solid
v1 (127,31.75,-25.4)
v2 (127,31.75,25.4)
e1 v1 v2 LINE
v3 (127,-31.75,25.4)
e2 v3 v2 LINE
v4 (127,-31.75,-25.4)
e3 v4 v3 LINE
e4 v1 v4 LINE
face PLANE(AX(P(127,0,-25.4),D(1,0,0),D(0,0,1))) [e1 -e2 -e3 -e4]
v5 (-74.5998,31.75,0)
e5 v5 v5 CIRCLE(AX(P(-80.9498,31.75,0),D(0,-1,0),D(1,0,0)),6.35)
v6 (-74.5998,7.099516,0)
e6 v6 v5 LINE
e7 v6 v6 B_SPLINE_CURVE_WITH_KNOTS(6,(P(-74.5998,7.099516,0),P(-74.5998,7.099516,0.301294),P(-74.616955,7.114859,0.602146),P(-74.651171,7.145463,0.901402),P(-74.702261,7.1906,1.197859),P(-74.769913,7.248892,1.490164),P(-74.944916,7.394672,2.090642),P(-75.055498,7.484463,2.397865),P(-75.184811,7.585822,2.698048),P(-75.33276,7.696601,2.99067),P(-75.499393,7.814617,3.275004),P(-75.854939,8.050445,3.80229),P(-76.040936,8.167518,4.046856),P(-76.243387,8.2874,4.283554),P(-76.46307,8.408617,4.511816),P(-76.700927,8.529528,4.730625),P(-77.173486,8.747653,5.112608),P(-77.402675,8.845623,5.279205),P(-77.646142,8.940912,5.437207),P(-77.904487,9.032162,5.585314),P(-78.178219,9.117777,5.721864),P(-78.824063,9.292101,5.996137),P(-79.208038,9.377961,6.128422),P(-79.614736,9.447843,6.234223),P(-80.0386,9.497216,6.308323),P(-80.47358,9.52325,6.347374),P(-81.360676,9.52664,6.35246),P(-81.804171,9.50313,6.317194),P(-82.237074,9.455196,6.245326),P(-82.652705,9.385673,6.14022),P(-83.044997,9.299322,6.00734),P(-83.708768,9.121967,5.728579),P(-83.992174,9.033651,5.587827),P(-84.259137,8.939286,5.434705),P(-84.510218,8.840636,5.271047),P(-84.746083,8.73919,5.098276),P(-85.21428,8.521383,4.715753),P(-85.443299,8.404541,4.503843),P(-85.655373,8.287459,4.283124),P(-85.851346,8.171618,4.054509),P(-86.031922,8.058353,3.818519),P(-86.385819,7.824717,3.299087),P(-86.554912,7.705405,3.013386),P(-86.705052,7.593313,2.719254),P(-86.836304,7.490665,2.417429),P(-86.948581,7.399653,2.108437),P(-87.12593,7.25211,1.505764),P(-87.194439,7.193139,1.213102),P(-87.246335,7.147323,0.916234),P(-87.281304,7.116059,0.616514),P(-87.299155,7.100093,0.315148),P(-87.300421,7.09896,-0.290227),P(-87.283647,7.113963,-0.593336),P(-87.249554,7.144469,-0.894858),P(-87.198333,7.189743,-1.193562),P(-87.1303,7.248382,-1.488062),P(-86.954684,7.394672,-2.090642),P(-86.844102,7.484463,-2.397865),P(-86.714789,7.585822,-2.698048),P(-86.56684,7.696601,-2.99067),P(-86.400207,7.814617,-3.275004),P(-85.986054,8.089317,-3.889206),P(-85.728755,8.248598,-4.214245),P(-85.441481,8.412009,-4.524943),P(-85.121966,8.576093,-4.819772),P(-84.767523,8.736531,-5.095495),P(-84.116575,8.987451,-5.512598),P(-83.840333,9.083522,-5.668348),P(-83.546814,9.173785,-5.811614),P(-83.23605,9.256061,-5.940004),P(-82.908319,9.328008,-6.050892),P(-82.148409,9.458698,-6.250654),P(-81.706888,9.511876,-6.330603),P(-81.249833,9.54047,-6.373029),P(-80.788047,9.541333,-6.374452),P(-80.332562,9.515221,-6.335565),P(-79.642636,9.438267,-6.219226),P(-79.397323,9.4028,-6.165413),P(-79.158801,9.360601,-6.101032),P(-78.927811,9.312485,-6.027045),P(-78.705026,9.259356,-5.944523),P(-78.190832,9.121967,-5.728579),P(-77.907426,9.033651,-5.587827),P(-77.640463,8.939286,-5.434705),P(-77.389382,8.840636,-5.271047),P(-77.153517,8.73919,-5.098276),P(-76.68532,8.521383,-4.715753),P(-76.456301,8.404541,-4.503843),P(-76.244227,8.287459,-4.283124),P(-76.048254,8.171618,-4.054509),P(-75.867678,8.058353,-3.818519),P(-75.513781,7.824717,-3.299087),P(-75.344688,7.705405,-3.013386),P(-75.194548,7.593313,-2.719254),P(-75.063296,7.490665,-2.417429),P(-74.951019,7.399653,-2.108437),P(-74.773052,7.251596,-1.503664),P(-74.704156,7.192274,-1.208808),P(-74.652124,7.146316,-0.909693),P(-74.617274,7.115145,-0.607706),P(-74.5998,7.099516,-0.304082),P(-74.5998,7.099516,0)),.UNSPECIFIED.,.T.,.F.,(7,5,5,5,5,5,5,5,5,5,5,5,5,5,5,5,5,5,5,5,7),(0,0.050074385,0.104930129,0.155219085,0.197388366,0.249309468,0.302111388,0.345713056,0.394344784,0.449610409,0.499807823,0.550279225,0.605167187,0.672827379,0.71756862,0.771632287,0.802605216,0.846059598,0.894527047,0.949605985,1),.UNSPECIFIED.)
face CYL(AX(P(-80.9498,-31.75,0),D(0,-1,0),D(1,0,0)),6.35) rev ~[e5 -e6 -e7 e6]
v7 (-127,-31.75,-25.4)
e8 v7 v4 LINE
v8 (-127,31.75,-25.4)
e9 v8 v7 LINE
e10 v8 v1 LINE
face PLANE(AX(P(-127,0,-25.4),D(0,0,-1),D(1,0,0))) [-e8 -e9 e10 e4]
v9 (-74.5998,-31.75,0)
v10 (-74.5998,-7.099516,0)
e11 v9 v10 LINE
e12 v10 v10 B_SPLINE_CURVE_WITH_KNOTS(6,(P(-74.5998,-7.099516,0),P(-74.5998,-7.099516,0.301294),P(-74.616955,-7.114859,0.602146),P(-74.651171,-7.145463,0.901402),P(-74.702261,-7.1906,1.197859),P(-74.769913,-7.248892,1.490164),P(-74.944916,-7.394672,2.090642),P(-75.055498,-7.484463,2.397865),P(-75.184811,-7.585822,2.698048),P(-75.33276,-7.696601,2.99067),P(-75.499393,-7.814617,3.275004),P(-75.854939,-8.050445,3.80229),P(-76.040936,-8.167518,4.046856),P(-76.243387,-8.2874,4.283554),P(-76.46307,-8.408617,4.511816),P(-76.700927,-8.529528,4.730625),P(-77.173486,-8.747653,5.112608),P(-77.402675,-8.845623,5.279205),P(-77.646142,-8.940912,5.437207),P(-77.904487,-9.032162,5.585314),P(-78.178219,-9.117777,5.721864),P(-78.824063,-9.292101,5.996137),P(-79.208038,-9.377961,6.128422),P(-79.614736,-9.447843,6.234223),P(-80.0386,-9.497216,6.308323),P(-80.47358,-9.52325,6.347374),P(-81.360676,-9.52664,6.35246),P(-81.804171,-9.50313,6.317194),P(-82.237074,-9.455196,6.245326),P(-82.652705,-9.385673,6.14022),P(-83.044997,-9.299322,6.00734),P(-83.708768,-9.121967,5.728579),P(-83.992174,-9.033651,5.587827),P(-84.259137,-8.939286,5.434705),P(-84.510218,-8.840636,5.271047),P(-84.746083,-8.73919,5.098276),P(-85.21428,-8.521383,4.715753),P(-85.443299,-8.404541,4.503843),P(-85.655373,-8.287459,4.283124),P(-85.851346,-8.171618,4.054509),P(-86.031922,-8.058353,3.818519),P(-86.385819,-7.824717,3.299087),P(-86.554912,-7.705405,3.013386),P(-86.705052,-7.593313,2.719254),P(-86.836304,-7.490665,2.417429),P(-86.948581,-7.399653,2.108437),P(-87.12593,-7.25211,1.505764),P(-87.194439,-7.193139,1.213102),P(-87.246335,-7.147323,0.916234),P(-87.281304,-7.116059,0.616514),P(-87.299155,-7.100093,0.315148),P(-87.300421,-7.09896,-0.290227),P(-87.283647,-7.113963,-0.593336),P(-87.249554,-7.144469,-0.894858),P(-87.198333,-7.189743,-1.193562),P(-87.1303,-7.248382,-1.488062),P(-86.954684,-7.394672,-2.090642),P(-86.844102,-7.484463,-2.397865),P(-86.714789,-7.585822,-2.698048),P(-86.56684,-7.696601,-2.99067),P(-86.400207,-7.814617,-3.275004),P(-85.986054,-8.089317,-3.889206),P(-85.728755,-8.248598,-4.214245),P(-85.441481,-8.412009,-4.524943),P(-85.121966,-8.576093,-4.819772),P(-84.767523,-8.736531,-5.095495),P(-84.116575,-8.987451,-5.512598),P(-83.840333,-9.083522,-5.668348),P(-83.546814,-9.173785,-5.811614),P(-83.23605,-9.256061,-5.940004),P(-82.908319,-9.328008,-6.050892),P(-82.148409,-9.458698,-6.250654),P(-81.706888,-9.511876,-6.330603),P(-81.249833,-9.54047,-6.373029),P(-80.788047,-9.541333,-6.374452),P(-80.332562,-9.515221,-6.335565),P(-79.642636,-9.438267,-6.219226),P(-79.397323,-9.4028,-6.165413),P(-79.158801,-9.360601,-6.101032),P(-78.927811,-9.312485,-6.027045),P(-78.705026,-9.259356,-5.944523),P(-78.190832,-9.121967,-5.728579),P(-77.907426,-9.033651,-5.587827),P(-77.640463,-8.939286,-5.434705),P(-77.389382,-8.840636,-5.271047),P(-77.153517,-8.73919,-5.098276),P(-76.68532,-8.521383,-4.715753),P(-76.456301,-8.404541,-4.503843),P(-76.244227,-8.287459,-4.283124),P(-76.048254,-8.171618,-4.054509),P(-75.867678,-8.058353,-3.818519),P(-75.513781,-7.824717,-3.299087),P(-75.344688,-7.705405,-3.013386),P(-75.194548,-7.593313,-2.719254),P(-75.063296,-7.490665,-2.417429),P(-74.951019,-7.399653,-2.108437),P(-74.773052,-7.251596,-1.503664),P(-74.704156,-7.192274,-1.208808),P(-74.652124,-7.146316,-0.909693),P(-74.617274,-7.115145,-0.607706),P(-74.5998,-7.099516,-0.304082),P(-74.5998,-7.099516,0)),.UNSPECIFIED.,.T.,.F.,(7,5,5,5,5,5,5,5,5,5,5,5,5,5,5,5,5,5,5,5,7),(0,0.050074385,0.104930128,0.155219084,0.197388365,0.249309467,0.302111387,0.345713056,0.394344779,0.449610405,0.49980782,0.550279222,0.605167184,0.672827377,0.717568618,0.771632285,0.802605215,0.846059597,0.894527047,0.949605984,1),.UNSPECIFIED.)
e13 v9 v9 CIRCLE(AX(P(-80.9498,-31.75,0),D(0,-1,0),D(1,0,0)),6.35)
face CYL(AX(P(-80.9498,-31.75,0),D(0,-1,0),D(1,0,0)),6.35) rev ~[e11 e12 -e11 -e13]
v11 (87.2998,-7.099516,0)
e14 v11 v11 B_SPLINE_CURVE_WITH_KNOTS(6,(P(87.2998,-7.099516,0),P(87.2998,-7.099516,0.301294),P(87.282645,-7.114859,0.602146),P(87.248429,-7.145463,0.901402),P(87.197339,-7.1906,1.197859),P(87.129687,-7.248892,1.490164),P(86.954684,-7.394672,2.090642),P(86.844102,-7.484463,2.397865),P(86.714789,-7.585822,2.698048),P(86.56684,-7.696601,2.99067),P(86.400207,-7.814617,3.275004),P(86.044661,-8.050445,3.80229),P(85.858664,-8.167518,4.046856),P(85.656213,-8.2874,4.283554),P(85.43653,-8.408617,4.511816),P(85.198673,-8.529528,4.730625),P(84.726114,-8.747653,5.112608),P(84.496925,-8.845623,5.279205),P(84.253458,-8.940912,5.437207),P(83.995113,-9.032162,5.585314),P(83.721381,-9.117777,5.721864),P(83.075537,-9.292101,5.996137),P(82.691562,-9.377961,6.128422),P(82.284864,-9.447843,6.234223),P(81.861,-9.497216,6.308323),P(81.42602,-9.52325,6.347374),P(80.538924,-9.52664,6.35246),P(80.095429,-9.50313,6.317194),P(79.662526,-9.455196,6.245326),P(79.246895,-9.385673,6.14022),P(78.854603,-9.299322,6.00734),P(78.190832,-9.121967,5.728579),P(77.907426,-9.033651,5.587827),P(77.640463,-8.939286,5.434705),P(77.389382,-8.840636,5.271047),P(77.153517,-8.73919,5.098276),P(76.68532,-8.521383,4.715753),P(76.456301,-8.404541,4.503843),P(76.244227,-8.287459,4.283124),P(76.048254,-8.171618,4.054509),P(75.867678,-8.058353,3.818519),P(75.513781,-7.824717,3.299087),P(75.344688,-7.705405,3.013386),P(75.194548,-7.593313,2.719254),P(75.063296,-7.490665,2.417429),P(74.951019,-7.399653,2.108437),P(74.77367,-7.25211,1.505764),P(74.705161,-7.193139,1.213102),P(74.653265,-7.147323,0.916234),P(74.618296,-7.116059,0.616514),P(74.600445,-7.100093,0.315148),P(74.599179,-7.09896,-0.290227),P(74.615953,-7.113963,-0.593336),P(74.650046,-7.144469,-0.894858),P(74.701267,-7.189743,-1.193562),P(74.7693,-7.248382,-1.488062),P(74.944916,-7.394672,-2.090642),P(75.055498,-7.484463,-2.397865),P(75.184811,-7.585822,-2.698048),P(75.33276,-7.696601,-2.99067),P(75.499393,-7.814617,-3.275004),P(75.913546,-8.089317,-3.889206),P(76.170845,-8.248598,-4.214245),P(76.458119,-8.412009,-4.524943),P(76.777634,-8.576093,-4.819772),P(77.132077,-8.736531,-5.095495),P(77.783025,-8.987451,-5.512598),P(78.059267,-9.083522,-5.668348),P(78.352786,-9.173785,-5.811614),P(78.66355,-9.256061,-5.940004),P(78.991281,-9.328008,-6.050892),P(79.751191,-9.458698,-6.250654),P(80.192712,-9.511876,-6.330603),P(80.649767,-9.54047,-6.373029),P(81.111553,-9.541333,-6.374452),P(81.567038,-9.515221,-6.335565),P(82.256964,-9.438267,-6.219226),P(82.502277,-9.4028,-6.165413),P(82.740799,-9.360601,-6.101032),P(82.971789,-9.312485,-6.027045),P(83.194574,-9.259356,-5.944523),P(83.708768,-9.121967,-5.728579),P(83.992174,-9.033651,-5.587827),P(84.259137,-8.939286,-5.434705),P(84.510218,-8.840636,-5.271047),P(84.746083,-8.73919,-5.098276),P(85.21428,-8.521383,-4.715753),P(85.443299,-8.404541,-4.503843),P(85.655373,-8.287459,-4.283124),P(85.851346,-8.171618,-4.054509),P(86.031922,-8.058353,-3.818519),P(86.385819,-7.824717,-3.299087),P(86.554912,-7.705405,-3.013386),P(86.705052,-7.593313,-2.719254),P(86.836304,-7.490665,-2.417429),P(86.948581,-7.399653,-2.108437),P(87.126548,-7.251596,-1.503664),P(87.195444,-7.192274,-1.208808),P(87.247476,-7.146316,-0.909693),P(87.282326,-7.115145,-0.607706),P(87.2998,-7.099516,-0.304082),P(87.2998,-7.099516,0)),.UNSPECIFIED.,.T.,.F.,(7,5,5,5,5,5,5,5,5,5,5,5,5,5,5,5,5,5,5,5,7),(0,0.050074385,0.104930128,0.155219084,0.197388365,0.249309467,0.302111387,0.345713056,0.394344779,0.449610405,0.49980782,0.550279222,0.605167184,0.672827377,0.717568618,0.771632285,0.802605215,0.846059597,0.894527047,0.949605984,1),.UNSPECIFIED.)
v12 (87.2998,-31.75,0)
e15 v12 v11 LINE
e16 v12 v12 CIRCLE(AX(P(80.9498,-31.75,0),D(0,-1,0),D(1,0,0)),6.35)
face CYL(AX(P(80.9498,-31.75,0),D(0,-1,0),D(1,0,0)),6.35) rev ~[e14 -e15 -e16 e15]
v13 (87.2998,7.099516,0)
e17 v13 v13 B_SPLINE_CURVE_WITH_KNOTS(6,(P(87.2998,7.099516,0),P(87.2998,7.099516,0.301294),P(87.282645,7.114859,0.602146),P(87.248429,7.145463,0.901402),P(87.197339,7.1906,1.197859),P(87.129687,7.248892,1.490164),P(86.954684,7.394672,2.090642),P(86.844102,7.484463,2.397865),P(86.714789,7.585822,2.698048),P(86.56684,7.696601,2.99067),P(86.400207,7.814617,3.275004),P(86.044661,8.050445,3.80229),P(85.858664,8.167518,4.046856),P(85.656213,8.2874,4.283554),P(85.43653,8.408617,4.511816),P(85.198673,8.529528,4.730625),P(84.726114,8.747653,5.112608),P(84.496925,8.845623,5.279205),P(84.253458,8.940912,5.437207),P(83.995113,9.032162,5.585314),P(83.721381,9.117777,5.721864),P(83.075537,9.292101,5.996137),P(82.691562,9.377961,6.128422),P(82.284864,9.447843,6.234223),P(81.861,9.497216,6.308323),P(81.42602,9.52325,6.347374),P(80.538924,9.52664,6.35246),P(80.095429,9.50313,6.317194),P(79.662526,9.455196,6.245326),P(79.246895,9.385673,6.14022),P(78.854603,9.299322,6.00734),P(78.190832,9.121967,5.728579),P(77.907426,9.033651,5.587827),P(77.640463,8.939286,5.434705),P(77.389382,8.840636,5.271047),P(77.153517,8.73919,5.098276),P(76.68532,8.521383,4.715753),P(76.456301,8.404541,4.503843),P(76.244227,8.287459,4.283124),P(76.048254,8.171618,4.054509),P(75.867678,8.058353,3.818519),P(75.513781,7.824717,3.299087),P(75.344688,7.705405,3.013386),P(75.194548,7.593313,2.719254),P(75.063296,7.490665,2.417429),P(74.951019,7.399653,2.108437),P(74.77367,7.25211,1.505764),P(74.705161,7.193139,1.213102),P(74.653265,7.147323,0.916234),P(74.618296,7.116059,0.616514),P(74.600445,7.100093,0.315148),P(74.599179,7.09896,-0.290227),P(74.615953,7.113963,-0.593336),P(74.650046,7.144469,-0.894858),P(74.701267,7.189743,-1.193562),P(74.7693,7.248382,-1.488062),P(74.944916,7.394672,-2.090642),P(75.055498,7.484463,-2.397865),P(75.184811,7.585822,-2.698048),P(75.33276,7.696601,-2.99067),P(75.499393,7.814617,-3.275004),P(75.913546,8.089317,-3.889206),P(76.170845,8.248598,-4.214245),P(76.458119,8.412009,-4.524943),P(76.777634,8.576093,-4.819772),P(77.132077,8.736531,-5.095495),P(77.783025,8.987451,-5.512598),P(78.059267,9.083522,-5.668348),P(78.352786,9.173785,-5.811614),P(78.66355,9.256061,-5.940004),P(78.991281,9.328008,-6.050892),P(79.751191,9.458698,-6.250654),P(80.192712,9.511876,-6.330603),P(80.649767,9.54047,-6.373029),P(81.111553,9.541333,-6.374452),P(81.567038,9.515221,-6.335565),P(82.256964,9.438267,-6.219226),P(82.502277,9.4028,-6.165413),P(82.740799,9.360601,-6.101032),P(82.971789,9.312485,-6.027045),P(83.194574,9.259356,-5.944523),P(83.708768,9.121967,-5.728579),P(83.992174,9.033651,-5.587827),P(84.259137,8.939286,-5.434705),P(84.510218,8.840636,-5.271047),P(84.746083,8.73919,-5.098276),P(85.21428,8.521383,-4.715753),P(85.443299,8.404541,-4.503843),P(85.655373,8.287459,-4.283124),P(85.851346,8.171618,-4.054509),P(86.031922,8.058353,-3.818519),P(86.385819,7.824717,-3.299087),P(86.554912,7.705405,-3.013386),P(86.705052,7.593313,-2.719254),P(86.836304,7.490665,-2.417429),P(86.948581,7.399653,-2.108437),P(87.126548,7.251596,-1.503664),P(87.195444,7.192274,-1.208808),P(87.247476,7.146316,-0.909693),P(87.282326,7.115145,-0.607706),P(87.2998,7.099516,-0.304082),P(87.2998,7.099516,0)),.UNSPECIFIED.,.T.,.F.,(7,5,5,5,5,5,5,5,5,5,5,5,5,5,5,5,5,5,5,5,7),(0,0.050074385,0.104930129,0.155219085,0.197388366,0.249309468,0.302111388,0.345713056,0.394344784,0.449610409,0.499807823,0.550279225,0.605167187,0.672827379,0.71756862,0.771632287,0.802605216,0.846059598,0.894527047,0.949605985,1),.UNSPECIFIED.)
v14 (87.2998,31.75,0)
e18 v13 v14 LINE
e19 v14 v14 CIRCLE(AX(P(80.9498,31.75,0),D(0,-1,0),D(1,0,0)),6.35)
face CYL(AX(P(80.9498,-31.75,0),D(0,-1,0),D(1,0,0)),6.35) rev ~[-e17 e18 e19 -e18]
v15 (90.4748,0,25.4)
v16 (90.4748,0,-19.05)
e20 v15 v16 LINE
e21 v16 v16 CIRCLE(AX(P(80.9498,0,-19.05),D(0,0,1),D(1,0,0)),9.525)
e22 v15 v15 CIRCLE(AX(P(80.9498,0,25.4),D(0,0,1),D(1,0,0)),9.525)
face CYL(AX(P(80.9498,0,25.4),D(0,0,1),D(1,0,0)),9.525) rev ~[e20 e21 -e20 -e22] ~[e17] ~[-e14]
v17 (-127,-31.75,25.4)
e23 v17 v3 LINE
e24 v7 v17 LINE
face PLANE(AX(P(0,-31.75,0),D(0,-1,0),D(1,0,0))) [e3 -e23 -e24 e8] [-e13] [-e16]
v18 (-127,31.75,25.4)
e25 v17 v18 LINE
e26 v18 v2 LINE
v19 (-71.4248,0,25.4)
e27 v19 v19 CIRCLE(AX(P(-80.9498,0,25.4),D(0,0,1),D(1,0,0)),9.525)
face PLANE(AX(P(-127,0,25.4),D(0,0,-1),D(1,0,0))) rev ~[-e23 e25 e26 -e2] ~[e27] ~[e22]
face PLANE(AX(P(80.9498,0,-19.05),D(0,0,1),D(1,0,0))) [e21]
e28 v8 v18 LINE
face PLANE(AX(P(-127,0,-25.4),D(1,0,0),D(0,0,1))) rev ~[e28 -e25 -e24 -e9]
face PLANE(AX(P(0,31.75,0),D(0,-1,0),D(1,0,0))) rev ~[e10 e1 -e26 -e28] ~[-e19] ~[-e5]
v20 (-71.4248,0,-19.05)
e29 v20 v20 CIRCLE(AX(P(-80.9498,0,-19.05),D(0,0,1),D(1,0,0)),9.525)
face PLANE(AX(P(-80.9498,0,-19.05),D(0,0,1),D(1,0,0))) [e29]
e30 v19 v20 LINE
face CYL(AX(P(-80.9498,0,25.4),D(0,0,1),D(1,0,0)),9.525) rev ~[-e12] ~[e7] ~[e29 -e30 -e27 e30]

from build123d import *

# Parameters (mm, degrees)
F0_W     = 254
F0_H     = 50.8
F1_DEPTH = 31.75
F2_R     = 9.525
F3_DEPTH = 44.45
F4_R     = 6.35
F5_DEPTH = 63.501


with BuildPart() as f1:
    # F0 (on Front) → F1 (new body, symmetric)
    with BuildSketch(Plane.XZ):
        Rectangle(F0_W, F0_H)
    extrude(amount=F1_DEPTH, both=True)

    # F2 (on face) → F3 (cut)
    with BuildSketch(Plane.XY.offset(25.4)):
        with Locations((-80.9498, 0)):
            Circle(F2_R)
        with Locations((80.9498, 0)):
            Circle(F2_R)
    extrude(amount=-F3_DEPTH, mode=Mode.SUBTRACT)

    # F4 (on face) → F5 (cut, through all)
    with BuildSketch(Plane.XZ.offset(31.75)):
        with Locations((-80.9498, 0)):
            Circle(F4_R)
        with Locations((80.9498, 0)):
            Circle(F4_R)
    extrude(amount=-F5_DEPTH, mode=Mode.SUBTRACT)


solid = f1.part
